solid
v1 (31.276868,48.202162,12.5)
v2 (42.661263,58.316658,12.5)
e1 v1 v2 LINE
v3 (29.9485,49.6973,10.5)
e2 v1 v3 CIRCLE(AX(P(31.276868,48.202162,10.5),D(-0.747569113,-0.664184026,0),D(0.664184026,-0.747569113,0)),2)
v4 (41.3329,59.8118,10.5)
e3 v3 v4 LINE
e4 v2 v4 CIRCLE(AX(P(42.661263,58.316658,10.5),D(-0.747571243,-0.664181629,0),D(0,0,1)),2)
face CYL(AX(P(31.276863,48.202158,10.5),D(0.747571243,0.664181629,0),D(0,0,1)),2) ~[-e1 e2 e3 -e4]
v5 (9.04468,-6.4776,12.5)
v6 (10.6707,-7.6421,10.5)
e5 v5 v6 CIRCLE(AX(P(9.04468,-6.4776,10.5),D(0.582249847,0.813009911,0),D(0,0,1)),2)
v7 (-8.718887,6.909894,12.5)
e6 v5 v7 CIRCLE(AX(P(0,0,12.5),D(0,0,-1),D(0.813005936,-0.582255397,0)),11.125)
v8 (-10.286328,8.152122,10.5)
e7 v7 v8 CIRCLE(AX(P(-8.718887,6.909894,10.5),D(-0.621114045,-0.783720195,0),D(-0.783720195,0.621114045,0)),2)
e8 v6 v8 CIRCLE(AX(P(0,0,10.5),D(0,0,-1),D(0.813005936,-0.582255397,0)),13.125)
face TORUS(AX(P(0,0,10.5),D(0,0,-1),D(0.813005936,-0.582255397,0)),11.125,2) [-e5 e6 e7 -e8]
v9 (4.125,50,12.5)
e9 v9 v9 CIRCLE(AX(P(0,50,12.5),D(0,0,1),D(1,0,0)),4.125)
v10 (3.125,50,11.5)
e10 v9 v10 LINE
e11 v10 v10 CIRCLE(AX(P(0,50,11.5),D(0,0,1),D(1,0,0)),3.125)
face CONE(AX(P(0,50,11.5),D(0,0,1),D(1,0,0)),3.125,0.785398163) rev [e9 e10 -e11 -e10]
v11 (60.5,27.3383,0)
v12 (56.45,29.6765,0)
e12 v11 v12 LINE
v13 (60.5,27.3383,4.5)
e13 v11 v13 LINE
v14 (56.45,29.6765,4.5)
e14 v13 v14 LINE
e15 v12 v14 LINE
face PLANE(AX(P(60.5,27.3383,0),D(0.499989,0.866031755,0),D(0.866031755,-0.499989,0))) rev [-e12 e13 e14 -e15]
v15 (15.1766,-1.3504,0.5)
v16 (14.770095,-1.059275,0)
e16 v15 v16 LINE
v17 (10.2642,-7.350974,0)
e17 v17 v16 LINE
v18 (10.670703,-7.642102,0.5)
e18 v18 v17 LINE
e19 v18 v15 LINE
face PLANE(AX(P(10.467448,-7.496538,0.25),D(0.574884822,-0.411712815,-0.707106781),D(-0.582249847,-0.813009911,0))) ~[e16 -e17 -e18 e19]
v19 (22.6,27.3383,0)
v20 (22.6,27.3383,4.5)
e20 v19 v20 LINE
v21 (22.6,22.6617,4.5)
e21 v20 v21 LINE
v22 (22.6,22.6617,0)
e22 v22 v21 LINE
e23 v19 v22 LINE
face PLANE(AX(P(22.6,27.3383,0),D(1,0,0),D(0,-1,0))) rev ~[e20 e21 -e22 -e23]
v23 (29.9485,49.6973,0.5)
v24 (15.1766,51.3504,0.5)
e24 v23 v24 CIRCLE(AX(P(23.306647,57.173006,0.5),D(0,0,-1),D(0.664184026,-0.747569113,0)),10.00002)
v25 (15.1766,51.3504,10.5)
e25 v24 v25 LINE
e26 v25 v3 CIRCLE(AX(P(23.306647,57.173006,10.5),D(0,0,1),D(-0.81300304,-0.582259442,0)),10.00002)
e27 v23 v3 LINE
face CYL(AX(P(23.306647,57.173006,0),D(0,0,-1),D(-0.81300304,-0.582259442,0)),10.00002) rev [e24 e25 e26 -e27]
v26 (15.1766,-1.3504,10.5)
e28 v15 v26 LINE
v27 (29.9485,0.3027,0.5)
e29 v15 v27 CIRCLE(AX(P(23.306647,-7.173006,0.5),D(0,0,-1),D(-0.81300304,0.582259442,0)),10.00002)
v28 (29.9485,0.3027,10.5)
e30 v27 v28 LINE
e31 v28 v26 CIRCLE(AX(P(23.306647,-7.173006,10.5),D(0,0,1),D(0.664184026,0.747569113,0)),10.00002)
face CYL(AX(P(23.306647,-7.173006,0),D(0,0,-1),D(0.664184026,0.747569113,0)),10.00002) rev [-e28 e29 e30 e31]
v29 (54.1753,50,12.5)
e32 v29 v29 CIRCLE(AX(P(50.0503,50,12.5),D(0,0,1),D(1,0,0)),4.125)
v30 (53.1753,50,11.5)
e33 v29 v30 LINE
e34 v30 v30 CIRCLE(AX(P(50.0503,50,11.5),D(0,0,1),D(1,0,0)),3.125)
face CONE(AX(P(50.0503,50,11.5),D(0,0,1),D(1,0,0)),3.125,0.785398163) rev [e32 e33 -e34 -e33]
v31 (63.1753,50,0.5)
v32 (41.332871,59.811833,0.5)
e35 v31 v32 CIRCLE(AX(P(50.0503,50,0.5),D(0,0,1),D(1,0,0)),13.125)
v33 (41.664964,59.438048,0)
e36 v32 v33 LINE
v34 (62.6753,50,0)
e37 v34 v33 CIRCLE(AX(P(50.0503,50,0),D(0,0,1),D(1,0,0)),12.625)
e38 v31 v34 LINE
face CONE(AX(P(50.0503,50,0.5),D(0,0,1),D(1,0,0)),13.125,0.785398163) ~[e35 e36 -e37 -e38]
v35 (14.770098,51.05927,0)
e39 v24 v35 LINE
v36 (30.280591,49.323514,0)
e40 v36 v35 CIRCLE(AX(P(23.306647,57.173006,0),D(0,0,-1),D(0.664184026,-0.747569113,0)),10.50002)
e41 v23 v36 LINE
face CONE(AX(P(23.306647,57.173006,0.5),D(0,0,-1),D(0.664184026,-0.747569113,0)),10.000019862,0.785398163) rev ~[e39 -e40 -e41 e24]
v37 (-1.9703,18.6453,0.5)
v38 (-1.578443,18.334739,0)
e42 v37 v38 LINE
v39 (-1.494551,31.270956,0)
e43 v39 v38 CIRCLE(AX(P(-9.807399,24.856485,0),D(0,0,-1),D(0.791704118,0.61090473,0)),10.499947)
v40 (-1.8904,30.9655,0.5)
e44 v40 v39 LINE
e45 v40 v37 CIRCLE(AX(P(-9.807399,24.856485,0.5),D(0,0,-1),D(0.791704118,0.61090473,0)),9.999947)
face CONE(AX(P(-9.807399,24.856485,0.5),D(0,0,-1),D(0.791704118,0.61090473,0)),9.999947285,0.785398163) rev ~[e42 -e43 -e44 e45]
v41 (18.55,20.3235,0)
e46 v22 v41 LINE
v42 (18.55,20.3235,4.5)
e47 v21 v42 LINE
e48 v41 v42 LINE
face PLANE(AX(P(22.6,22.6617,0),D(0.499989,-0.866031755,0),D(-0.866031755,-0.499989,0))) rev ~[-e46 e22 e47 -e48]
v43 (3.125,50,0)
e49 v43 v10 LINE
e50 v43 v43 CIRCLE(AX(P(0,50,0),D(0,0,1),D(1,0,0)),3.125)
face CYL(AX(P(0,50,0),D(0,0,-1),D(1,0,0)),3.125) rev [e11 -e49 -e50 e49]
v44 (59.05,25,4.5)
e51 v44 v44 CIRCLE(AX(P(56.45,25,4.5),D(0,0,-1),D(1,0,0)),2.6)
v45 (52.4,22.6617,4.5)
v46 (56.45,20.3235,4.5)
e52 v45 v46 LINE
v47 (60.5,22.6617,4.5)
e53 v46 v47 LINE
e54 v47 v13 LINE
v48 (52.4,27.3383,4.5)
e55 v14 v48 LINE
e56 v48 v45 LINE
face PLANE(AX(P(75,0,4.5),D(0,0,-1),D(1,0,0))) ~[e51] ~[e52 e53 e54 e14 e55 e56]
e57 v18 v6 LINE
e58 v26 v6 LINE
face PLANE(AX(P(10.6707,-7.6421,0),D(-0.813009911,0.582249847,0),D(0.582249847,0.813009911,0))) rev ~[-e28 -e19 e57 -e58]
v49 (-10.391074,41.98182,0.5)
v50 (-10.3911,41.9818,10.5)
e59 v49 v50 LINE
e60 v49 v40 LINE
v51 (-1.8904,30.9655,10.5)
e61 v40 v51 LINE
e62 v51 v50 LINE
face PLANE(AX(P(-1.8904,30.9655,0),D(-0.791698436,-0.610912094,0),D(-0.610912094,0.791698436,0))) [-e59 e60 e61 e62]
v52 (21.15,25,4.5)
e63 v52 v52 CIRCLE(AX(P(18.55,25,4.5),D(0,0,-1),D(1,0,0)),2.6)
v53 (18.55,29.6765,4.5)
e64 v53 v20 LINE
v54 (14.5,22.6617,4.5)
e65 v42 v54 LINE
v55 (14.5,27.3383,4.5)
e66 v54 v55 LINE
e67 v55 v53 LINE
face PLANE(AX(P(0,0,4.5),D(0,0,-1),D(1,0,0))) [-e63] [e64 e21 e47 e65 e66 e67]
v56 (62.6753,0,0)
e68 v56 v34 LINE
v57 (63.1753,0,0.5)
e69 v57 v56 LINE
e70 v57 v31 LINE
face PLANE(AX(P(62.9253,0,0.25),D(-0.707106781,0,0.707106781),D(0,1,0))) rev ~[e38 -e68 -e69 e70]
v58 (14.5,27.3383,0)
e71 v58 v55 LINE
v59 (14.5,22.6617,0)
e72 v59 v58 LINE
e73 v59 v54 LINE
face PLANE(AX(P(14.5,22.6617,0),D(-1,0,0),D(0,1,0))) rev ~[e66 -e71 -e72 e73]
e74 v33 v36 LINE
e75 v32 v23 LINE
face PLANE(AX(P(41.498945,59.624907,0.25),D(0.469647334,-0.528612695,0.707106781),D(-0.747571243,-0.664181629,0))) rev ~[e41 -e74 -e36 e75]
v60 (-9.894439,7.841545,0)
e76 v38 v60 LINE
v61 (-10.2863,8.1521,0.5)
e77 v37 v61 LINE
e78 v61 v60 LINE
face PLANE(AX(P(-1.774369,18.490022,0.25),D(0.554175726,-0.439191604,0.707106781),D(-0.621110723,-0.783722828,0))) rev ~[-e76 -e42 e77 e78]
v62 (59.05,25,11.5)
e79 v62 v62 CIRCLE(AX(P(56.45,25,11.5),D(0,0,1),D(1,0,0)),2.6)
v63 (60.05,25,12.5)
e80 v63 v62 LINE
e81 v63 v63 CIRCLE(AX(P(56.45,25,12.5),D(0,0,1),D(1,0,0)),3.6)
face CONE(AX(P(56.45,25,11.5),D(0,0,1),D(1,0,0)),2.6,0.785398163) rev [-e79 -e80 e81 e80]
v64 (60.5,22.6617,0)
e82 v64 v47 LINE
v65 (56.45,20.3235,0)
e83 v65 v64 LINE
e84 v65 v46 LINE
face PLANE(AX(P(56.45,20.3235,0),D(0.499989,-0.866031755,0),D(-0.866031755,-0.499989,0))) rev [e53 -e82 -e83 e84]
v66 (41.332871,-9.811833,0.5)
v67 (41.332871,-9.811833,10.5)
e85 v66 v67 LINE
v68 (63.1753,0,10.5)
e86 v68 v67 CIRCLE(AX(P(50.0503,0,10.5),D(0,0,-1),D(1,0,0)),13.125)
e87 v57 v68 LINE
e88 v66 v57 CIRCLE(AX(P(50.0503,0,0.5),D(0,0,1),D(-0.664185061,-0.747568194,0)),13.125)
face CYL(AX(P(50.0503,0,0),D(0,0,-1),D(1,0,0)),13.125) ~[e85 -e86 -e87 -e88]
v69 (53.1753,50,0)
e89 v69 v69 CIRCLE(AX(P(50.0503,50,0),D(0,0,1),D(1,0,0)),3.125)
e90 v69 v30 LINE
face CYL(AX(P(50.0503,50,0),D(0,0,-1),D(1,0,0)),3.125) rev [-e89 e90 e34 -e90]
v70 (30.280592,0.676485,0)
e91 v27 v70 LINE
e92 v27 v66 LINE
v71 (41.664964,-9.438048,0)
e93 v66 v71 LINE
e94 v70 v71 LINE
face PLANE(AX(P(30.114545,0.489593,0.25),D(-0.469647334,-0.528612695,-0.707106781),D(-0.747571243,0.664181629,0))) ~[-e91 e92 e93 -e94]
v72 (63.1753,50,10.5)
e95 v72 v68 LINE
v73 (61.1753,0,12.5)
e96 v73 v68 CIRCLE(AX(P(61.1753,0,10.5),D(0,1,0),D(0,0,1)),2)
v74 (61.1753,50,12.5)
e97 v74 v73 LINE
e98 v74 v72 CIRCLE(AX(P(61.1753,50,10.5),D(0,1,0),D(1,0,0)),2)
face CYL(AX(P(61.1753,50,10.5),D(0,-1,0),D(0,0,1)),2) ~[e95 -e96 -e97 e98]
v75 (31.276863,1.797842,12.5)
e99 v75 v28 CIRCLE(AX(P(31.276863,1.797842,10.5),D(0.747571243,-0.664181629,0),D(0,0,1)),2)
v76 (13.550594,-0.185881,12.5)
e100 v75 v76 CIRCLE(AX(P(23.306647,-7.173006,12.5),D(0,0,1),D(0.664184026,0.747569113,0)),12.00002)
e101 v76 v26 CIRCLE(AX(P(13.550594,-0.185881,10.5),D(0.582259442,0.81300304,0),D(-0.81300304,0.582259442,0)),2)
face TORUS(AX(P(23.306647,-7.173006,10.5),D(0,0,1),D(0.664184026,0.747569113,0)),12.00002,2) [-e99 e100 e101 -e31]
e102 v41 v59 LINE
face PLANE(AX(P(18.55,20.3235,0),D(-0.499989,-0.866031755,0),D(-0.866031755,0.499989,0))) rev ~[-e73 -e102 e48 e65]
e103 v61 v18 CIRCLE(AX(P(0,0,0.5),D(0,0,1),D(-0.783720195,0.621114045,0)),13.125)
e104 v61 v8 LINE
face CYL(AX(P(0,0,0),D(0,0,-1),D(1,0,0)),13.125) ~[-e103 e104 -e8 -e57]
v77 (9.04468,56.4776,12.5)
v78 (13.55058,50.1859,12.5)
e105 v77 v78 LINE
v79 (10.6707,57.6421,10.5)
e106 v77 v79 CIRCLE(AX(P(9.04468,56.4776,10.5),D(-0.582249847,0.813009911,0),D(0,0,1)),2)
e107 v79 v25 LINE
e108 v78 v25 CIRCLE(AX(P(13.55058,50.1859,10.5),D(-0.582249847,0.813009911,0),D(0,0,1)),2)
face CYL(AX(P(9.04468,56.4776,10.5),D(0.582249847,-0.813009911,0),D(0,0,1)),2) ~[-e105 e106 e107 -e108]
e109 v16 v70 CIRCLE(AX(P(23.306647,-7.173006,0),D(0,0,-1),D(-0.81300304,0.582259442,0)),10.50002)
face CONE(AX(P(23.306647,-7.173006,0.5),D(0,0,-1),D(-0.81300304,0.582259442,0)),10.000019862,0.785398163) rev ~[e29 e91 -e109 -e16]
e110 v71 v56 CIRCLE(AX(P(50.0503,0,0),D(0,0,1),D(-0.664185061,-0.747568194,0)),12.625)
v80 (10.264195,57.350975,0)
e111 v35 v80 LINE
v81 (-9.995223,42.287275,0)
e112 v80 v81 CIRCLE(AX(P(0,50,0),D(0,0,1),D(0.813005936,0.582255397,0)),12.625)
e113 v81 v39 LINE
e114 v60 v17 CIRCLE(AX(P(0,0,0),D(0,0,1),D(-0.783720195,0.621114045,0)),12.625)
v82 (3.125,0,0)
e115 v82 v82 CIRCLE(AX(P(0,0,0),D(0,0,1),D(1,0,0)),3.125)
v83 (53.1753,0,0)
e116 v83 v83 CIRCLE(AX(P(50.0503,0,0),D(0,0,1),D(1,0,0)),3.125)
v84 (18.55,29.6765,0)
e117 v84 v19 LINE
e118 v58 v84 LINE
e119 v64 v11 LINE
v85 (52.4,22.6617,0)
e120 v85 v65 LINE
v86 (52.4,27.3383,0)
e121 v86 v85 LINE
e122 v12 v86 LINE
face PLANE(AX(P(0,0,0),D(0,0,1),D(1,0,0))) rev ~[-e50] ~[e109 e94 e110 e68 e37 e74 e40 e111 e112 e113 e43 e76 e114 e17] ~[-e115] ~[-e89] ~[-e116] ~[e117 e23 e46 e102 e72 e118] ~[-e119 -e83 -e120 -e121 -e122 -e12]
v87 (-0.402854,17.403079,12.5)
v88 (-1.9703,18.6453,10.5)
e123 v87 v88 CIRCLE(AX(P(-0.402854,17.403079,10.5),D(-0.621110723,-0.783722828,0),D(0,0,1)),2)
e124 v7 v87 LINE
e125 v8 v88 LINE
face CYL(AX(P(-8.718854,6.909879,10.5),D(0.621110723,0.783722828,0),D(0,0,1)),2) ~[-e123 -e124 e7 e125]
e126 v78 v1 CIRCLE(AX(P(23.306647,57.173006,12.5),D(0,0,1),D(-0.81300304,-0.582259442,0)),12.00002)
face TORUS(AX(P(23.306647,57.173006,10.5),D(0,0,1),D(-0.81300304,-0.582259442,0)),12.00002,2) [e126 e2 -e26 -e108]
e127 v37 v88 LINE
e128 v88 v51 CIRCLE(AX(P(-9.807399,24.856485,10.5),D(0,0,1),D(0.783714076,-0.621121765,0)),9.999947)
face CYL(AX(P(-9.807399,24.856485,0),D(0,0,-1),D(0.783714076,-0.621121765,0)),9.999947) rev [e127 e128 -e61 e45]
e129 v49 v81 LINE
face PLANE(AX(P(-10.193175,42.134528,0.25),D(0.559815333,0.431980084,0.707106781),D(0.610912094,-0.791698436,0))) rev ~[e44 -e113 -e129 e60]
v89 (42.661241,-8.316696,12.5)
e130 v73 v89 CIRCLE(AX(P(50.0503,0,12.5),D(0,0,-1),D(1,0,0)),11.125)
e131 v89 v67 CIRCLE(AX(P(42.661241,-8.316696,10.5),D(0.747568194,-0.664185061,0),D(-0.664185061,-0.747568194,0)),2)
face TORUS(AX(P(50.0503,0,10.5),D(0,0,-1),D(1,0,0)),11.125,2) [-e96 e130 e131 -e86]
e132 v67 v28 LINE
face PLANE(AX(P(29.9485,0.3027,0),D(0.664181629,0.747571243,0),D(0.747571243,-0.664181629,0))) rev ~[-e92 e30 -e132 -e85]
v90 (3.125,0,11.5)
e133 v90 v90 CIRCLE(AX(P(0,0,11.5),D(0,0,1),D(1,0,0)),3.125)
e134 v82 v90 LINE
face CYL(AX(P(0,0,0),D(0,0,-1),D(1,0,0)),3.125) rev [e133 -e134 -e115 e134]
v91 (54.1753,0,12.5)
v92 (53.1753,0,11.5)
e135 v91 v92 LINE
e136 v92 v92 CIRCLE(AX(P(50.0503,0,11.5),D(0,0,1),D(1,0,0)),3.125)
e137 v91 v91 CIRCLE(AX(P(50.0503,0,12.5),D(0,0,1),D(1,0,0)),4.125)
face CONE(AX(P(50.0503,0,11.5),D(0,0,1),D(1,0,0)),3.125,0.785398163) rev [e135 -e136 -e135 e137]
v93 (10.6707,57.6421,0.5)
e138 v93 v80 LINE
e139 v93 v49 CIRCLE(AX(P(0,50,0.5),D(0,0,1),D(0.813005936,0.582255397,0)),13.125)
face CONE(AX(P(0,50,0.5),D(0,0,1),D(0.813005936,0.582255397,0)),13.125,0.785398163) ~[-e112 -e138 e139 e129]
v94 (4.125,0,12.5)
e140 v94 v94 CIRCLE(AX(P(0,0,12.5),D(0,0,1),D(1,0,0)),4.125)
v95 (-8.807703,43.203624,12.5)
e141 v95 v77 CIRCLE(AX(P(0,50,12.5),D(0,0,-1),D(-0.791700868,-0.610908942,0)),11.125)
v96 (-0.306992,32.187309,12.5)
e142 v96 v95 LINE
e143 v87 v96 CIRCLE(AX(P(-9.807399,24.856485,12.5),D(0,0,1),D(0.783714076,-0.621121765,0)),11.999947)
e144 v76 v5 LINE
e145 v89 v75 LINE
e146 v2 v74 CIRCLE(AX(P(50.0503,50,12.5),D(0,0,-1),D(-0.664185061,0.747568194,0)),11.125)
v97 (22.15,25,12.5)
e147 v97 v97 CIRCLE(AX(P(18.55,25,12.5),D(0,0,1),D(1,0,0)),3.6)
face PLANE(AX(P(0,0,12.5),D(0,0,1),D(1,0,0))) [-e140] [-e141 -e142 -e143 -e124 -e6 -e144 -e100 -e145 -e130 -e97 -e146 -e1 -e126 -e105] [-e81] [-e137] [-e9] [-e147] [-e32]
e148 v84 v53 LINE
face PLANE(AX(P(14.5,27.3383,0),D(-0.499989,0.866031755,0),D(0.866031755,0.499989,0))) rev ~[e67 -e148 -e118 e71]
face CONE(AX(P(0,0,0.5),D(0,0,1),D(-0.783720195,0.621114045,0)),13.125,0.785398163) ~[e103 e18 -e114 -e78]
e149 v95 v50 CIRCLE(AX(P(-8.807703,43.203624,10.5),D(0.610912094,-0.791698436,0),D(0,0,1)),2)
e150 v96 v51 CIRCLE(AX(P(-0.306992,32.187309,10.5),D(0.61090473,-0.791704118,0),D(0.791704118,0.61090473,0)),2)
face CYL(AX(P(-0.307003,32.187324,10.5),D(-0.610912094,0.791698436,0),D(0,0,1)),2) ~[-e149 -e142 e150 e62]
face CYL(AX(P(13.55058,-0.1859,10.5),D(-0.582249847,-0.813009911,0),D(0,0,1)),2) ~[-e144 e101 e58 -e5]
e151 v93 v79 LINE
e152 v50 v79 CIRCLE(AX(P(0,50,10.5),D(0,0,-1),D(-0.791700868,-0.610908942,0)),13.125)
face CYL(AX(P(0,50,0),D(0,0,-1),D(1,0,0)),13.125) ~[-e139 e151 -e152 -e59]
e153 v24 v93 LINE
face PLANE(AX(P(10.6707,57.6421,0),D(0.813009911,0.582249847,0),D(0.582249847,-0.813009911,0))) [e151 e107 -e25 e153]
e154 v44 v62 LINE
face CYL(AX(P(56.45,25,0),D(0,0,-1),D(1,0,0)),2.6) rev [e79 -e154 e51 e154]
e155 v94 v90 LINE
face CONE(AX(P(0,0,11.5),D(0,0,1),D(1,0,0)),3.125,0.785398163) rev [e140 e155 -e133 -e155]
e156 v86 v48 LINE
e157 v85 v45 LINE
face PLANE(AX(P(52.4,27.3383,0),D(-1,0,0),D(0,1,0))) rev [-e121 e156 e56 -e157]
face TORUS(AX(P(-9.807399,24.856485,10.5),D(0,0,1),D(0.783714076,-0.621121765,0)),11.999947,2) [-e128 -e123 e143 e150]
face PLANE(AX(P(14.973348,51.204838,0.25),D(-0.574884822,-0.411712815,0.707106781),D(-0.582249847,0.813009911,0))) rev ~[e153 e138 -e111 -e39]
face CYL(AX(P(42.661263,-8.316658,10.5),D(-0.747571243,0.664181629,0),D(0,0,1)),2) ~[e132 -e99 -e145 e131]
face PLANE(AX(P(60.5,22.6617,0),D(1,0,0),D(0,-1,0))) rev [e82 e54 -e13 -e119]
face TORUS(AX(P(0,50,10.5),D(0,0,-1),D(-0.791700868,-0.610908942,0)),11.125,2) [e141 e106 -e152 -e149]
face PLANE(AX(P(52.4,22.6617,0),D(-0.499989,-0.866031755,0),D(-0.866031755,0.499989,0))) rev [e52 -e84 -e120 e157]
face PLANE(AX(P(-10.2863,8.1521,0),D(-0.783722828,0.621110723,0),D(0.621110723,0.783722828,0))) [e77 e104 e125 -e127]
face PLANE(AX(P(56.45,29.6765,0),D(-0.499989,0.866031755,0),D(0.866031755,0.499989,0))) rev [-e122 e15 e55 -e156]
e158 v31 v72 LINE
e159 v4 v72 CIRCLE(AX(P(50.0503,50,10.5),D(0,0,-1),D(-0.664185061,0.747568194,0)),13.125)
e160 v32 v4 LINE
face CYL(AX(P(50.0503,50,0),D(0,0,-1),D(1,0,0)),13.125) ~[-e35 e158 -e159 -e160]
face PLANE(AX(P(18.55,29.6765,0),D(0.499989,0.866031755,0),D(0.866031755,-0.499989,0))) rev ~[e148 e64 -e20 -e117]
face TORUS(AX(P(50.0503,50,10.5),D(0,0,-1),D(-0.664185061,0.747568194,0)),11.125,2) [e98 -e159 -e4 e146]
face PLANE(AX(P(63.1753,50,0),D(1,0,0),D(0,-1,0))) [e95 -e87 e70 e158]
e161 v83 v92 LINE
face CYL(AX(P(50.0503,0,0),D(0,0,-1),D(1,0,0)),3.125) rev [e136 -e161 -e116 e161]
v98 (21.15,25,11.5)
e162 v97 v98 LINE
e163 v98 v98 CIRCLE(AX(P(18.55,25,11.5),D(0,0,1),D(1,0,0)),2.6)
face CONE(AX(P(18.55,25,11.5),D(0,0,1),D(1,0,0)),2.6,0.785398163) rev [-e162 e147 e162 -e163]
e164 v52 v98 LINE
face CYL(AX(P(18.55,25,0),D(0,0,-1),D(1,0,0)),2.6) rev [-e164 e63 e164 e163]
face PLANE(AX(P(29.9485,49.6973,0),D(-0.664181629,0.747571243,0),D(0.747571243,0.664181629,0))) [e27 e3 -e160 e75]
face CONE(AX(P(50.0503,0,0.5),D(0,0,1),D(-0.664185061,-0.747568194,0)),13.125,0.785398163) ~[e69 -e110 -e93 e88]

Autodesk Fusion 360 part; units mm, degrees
sketch "Sketch1" plane through (0, 0, 0) normal (0, 0, 1) x (1, 0, 0)
  circle A0 centre (0, 0) radius 3.125
  circle A1 centre (0, 50) radius 3.125
  circle A2 centre (0, 0) radius 13.125
  circle A3 centre (0, 50) radius 13.125
  line L0 (0, 50) -> (0, 0) construction
  line L1 (37.5, 50.1021) -> (37.5, 0.1021) construction
  line L2 (0, 25) -> (18.55, 25) construction
  circle A4 centre (18.55, 25) radius 2.6
  circle A5 centre (18.55, 25) radius 12.6 construction
  line L3 (-10.2863, 8.1521) -> (-1.9703, 18.6453)
  line L4 (-1.8904, 30.9655) -> (-10.3911, 41.9818)
  arc A6 (-1.9703, 18.6453) -> (-1.8904, 30.9655) centre (-9.8074, 24.8564) ccw
  line L5 (75, 25) -> (56.45, 25) construction
  circle A7 centre (56.45, 25) radius 2.6
  circle A8 centre (56.45, 25) radius 12.6 construction
  line L6 (10.6707, 57.6421) -> (15.1766, 51.3504)
  line L7 (50, 25) -> (50, 37.5) construction
  line L8 (0, 0) -> (37.5, 0) construction
  line L9 (18.55, 25) -> (56.45, 25) construction
  line L10 (37.5, 25) -> (37.5, 37.5) construction
  circle A9 centre (50.0503, 50) radius 13.125
  circle A10 centre (50.0503, 50) radius 3.125
  circle A11 centre (50.0503, 0) radius 13.125
  circle A12 centre (50.0503, 0) radius 3.125
  line L11 (29.9485, 49.6973) -> (41.3329, 59.8118)
  line L12 (21.6444, 42.3194) -> (21.6444, 45)
  line L13 (0, 50) -> (50.0503, 50) construction
  arc A13 (15.1766, 51.3504) -> (29.9485, 49.6973) centre (23.3067, 57.173) ccw
  line L14 (63.1753, 50) -> (63.1753, 0)
  line L15 (56.45, 25) -> (61.45, 25) construction
  arc A14 (29.9485, 0.3027) -> (15.1766, -1.3504) centre (23.3067, -7.173) ccw
  line L16 (10.6707, -7.6421) -> (15.1766, -1.3504)
  line L17 (29.9485, 0.3027) -> (41.3329, -9.8118)
  point P0 (5.95, 25)
  dimension "d156" = 6.25
  dimension "d159" = 25
  dimension "d160" = 25
  dimension "d161" = 10
  dimension "d162" = 10
  dimension "d163" = 50
  dimension "d165" = 50
  dimension "d166" = 18.55
  dimension "d167" = 5.2
  dimension "d168" = 10
  dimension "d169" = 10
  dimension "d178" = 37.5
  dimension "d5" = 25
  dimension "d6" = 25
  dimension "d7" = 10
  dimension "d8" = 10
  dimension "d9" = 6.25
  dimension "d10" = 50
  dimension "d11" = 10
  dimension "d12" = 5
extrude "Extrude1" add sketch "Sketch1" along normal blind 12.5
chamfer "Chamfer1" distance 1 angle 45 6 edges at (-2.9135, 51.13, 12.5) (47.1368, 51.13, 12.5) (54.0259, 25.9402, 12.5) (16.1259, 25.9402, 12.5) (47.1368, 1.13, 12.5) (-2.9135, 1.13, 12.5)
fillet "Fillet1" radius 2 14 edges at (12.9237, 54.4962, 12.5) (-7.8314, 60.5326, 12.5) (-6.1408, 36.4737, 12.5) (0.1923, 24.7916, 12.5) (-6.1283, 13.3987, 12.5) (-7.8994, -10.4816, 12.5) (12.9237, -4.4962, 12.5) (22.1945, 2.765, 12.5) (35.6407, -4.7546, 12.5) (55.4285, -11.9725, 12.5) (63.1753, 25, 12.5) (22.1945, 47.235, 12.5) (35.6407, 54.7546, 12.5) (55.4285, 61.9725, 12.5)
sketch "Sketch2" plane through (0, 0, 0) normal (0, 0, -1) x (1, 0, 0)
  circle A0 centre (0, 0) radius 3.125
  line L0 (22.6, -22.6617) -> (18.55, -20.3235)
  line L1 (18.55, -20.3235) -> (14.5, -22.6617)
  line L2 (14.5, -22.6617) -> (14.5, -27.3383)
  line L3 (14.5, -27.3383) -> (18.55, -29.6765)
  line L4 (18.55, -29.6765) -> (22.6, -27.3383)
  line L5 (22.6, -27.3383) -> (22.6, -22.6617)
  circle A1 centre (50.0503, 0) radius 3.125
  circle A2 centre (0, -50) radius 3.125
  circle A3 centre (56.45, -25) radius 2.6
  circle A4 centre (50.0503, -50) radius 3.125
  circle A5 centre (18.55, -25) radius 2.6
  arc A6 (10.6707, 7.6421) -> (-10.2863, -8.1521) centre (0, 0) ccw
  line L6 (-10.2863, -8.1521) -> (-1.9703, -18.6453)
  arc A7 (-1.8904, -30.9655) -> (-1.9703, -18.6453) centre (-9.8074, -24.8564) ccw
  line L7 (-1.8904, -30.9655) -> (-10.3911, -41.9818)
  arc A8 (-10.3911, -41.9818) -> (10.6707, -57.6421) centre (0, -50) ccw
  line L8 (10.6707, -57.6421) -> (15.1766, -51.3504)
  arc A9 (29.9485, -49.6973) -> (15.1766, -51.3504) centre (23.3067, -57.173) ccw
  line L9 (29.9485, -49.6973) -> (41.3329, -59.8118)
  arc A10 (41.3329, -59.8118) -> (63.1753, -50) centre (50.0503, -50) ccw
  line L10 (63.1753, -50) -> (63.1753, 0)
  arc A11 (63.1753, 0) -> (41.3329, 9.8118) centre (50.0503, 0) ccw
  line L11 (41.3329, 9.8118) -> (29.9485, -0.3027)
  arc A12 (15.1766, 1.3504) -> (29.9485, -0.3027) centre (23.3067, 7.173) ccw
  line L12 (15.1766, 1.3504) -> (10.6707, 7.6421)
  point P0 (18.55, -25)
  dimension "d194" = 4.05
extrude "Extrude2" cut sketch "Sketch2" against normal blind 4.5 contours L0 L1 L2 L3 L4 L5
ref_plane "WorkPlane2" through (37.5, 0, 0) normal (1, 0, 0) x (0, 1, 0)
mirror "Mirror5" about plane through (37.5, 0, 0) normal (1, 0, 0) of "Extrude2"
chamfer "Chamfer2" distance 0.5 angle 45 14 edges at (55.4285, -11.9725, 0) (63.1753, 25, 0) (55.4285, 61.9725, 0) (35.6407, 54.7546, 0) (22.1945, 47.235, 0) (12.9237, 54.4962, 0) (-7.8314, 60.5326, 0) (-6.1408, 36.4737, 0) (0.1923, 24.7916, 0) (-6.1283, 13.3987, 0) (-7.8994, -10.4816, 0) (12.9237, -4.4962, 0) (22.1945, 2.765, 0) (35.6407, -4.7546, 0)
equation "d156 = Print6mmOD"
equation "d178 = ( 75 / 2 ) * 1 mm"
equation "d198 = ( 75 / 2 ) * 1 mm"
equation "d9 = Print6mmOD"
equation "Print6mmOD = 6.25 mm" comment "3D Printing"
